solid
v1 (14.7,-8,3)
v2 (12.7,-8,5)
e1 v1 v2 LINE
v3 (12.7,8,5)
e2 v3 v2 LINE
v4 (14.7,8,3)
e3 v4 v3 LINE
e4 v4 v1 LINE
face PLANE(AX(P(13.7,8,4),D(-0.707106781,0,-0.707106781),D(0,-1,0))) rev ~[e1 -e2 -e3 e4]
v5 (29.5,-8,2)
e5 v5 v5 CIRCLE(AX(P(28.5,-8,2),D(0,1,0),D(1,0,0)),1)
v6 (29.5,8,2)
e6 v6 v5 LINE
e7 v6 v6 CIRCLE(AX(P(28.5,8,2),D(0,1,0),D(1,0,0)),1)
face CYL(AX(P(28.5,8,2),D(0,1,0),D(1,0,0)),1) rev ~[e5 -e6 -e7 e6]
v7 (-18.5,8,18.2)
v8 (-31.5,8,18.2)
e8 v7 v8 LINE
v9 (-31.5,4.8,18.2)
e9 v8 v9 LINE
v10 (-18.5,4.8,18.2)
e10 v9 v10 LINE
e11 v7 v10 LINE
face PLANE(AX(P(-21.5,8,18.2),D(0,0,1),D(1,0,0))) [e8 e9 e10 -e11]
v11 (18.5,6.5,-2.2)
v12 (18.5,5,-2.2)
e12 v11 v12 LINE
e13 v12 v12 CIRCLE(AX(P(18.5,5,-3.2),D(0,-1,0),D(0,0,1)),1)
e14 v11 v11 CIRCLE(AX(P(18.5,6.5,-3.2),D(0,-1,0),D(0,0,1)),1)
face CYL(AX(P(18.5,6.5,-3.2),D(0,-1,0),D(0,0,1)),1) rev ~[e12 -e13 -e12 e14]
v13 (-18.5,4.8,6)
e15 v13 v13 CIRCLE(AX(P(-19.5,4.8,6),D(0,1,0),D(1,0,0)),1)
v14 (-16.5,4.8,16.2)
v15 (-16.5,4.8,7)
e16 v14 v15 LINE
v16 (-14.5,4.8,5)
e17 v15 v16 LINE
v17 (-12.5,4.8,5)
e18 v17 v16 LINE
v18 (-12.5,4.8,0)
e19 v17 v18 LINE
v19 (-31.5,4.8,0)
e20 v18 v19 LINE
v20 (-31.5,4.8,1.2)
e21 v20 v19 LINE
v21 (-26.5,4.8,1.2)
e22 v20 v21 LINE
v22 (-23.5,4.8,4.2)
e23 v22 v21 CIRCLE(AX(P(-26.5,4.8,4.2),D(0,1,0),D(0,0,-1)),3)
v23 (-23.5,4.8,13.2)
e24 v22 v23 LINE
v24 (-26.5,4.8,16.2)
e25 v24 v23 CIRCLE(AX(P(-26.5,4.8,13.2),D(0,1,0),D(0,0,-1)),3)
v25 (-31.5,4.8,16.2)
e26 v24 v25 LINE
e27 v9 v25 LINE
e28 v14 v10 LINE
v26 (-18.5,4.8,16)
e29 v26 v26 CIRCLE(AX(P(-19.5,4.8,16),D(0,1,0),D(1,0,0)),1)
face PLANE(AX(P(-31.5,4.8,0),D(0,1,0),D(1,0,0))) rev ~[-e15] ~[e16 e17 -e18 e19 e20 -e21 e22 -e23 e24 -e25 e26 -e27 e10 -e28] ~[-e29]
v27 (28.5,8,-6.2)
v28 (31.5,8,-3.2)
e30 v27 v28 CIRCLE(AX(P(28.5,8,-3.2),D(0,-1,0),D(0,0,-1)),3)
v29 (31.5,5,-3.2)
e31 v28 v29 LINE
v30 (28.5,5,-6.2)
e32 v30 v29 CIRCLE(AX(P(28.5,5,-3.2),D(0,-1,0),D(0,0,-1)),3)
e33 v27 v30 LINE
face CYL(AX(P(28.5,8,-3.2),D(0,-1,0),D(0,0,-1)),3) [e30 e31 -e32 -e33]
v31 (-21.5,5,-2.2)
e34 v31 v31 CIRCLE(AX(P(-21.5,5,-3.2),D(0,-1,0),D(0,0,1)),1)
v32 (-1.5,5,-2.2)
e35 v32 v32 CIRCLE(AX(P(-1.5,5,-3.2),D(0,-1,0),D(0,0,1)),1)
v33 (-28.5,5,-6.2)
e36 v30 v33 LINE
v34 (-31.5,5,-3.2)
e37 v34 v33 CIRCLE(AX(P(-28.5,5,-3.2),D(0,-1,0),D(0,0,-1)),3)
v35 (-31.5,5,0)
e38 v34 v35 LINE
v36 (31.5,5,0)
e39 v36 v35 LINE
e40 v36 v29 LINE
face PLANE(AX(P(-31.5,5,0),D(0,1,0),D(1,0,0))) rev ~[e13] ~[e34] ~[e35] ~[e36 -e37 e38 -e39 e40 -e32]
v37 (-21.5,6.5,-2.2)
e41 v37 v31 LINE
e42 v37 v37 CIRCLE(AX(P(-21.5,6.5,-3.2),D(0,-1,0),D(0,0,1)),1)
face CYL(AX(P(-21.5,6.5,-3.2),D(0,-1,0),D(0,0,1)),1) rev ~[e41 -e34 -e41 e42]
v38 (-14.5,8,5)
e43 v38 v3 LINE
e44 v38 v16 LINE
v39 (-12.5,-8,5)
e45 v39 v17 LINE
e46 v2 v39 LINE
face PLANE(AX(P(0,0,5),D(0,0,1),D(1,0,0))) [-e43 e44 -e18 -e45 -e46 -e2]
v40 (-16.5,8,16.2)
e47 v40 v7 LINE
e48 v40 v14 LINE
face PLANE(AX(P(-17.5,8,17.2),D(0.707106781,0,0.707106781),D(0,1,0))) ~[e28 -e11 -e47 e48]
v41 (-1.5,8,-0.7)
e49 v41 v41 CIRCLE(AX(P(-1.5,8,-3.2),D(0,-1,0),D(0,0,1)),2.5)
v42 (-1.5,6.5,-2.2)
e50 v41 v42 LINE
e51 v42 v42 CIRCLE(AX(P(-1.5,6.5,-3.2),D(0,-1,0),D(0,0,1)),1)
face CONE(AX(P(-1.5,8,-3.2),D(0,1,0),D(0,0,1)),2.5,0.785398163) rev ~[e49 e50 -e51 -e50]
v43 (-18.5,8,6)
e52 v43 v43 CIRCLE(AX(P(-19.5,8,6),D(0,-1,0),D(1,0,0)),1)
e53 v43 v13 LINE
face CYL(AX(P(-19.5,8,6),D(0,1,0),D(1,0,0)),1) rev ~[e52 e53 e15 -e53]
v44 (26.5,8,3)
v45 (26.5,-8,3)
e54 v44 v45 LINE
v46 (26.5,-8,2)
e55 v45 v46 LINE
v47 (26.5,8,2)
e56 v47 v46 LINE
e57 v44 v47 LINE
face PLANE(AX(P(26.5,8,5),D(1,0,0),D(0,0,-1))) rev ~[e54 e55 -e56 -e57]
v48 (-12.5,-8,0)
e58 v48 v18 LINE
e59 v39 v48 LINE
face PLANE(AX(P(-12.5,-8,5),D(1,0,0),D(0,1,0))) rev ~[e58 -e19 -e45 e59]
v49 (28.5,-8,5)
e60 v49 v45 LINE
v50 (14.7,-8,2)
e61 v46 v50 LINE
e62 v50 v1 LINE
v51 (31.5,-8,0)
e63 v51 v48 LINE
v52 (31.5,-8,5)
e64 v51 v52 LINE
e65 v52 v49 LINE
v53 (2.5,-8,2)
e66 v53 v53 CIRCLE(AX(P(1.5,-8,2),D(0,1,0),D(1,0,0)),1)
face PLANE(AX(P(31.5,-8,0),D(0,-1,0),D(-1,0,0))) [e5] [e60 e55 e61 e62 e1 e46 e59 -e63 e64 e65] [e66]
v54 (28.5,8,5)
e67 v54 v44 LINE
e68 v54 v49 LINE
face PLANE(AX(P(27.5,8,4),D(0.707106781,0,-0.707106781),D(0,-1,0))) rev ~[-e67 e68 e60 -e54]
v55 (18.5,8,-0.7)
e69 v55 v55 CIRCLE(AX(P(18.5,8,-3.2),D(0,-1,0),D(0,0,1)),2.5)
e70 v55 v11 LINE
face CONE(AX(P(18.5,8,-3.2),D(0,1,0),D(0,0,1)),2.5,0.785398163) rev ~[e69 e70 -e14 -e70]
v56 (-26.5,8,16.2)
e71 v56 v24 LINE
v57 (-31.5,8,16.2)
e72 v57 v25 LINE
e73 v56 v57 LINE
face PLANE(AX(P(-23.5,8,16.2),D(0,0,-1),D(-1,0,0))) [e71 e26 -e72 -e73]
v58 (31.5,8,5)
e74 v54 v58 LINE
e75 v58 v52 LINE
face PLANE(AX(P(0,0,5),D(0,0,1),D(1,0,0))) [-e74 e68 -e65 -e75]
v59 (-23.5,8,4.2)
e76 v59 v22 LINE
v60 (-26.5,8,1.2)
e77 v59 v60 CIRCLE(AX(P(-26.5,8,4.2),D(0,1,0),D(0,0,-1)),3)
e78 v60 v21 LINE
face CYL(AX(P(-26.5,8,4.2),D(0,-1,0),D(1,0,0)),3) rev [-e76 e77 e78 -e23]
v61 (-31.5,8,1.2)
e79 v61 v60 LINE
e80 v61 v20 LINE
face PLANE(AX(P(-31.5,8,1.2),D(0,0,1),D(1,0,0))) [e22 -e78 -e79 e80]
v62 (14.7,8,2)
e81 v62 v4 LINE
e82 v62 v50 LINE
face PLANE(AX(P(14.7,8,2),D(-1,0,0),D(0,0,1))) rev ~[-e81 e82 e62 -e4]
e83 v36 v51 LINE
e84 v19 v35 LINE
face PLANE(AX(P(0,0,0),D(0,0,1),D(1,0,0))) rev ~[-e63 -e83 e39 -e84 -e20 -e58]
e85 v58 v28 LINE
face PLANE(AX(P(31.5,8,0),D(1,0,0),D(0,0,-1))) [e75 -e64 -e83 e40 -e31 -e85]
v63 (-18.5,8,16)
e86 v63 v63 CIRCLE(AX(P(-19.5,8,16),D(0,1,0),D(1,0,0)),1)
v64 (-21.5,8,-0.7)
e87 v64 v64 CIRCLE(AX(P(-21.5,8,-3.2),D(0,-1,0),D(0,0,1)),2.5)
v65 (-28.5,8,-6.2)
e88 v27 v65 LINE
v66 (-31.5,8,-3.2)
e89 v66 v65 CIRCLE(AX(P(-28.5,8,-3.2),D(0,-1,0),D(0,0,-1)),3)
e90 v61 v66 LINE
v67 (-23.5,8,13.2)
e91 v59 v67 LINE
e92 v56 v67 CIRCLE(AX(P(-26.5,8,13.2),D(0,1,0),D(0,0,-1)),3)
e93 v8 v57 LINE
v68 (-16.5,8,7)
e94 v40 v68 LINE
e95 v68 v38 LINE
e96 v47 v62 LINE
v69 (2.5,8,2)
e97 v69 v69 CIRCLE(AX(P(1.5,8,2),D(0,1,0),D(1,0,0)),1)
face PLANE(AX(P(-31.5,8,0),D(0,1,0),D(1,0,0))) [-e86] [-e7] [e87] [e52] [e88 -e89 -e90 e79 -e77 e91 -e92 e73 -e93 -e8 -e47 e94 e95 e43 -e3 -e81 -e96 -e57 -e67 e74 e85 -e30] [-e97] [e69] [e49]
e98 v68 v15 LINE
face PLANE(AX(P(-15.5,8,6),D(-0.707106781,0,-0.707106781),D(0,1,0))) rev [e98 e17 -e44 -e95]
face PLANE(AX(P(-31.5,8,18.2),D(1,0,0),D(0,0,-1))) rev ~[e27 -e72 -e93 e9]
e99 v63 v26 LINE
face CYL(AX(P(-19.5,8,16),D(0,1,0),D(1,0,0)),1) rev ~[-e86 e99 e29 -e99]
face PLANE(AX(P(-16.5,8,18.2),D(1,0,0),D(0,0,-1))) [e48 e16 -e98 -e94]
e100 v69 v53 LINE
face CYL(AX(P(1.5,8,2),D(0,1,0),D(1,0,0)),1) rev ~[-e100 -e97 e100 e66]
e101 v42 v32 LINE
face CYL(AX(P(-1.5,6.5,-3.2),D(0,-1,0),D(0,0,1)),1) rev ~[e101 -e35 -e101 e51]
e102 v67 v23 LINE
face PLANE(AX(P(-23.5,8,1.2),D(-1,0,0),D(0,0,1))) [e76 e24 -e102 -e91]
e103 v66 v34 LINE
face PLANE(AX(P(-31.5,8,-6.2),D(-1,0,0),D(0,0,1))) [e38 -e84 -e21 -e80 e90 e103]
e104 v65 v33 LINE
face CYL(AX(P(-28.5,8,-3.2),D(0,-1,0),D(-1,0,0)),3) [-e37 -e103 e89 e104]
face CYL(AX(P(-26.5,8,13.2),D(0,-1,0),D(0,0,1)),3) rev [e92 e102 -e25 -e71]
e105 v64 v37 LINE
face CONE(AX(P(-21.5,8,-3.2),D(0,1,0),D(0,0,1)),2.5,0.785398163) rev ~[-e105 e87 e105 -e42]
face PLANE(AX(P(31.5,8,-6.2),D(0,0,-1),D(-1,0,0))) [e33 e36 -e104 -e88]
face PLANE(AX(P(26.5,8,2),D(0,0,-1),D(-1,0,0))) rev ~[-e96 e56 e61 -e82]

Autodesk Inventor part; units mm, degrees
ref_plane "YZ Plane" through (0, 0, 0) normal (1, 0, 0) x (0, 1, 0)
ref_plane "XZ Plane" through (0, 0, 0) normal (0, 1, 0) x (-1, 0, 0)
ref_plane "XY Plane" through (0, 0, 0) normal (0, 0, 1) x (1, 0, 0)
sketch "Sketch1" plane through (0, 0, 0) normal (0, 0, 1) x (1, 0, 0)
  line L0 (-31.5, 8) -> (31.5, 8)
  line L1 (31.5, 8) -> (31.5, -8)
  line L2 (31.5, -8) -> (-31.5, -8)
  line L3 (-31.5, -8) -> (-31.5, 8)
  point P0 (0, 0)
  dimension "d0" = 16
  dimension "d1" = 8
  dimension "d2" = 63
  dimension "d3" = 31.5
extrude "Extrusion1" add sketch "Sketch1" along normal blind 5
sketch "Sketch2" plane through (-31.5, 8, 0) normal (0, 1, 0) x (1, 0, 0)
  line L0 (0, 0) -> (0, -5) projected
  line L1 (63, 0) -> (0, 0) projected
  circle A0 centre (33, -2) radius 1
  circle A1 centre (60, -2) radius 1
  point P0 (31.5, 0)
  dimension "d6" = 33
  dimension "d7" = 60
  dimension "d8" = 2
  dimension "d9" = 2
  dimension "d10" = 2
  dimension "d11" = 2
extrude "Extrusion2" cut sketch "Sketch2" against normal blind 16
sketch "Sketch4" plane through (0, 0, 5) normal (0, 0, 1) x (1, 0, 0)
  line L0 (-31.5, -8) -> (31.5, -8) projected
  line L1 (-31.5, -8) -> (-12.5, -8)
  line L2 (-12.5, -8) -> (-12.5, 4.8)
  line L3 (-12.5, 4.8) -> (-31.5, 4.8)
  line L4 (-31.5, 4.8) -> (-31.5, -8)
  line L5 (31.5, 8) -> (-31.5, 8) projected
  point P0 (0, 0)
  dimension "d24" = 19
  dimension "d25" = 3.2
extrude "Extrusion4" cut sketch "Sketch4" against normal blind 5
sketch "Sketch5" plane through (-31.5, 8, 0) normal (0, 1, 0) x (1, 0, 0)
  line L0 (0, 0) -> (0, -5) projected
  line L1 (0, -1.2) -> (8, -1.2)
  line L2 (8, -1.2) -> (8, -5)
  line L3 (8, -5) -> (0, -5)
  line L4 (0, -5) -> (0, -1.2)
  line L5 (63, 0) -> (0, 0) projected
  line L6 (63, -5) -> (0, -5) projected
  point P0 (31.5, 0)
  dimension "d28" = 1.2
  dimension "d29" = 8
extrude "Extrusion5" cut sketch "Sketch5" against normal blind 5
sketch "Sketch6" plane through (-31.5, 8, 0) normal (0, 1, 0) x (1, 0, 0)
  line L0 (8, -1.2) -> (0, -1.2) projected
  line L1 (0, -1.2) -> (10, -1.2)
  line L2 (10, -1.2) -> (10, -18.2)
  line L3 (10, -18.2) -> (0, -18.2)
  line L4 (0, -18.2) -> (0, -1.2)
  line L5 (8, -5) -> (10, -5)
  line L6 (10, -5) -> (10, -18.2)
  line L7 (10, -18.2) -> (8, -18.2)
  line L8 (8, -18.2) -> (8, -5)
  line L9 (0, -18.2) -> (8, -18.2)
  line L10 (8, -18.2) -> (8, -16.2)
  line L11 (8, -16.2) -> (0, -16.2)
  line L12 (0, -16.2) -> (0, -18.2)
  line L13 (63, -5) -> (8, -5) projected
  line L14 (8, -1.2) -> (8, -5) projected
  point P0 (31.5, 0)
  point P1 (10, -5)
  point P2 (0, -16.2)
  dimension "d32" = 2
  dimension "d33" = 15
  dimension "d34" = 2
extrude "Extrusion6" add sketch "Sketch6" against normal blind 3.2 contours L5 L2 L3 L8 | L11 L8 L3 L4
sketch "Sketch7" plane through (-31.5, 8, 0) normal (0, 1, 0) x (1, 0, 0)
  line L0 (0, 0) -> (0, -1.2) projected
  line L1 (0, -16.2) -> (0, -18.2) projected
  line L2 (63, 0) -> (0, 0) projected
  circle A0 centre (12, -6) radius 1
  circle A1 centre (12, -16) radius 1
  line L3 (10, -18.2) -> (0, -18.2) projected
  line L4 (10, -5) -> (19, -5) projected
  line L5 (10, -18.2) -> (15, -18.2)
  line L6 (15, -18.2) -> (15, -5)
  line L7 (15, -5) -> (10, -5)
  line L8 (10, -5) -> (10, -18.2)
  point P0 (31.5, 0)
  point P1 (12, -5)
  dimension "d37" = 12
  dimension "d38" = 12
  dimension "d39" = 16
  dimension "d40" = 6
  dimension "d41" = 2
  dimension "d42" = 2
  dimension "d43" = 5
extrude "Extrusion7" add sketch "Sketch7" against normal blind 3.2
chamfer "Chamfer1" distance 2 angle 45 2 edges at (-16.5, 6.4, 18.2) (-16.5, 6.4, 5)
fillet "Fillet1" radius 3 2 edges at (-23.5, 6.4, 1.2) (-23.5, 6.4, 16.2)
sketch "Sketch10" plane through (-31.5, 8, 0) normal (0, 1, 0) x (1, 0, 0)
  line L0 (63, -5) -> (17, -5) projected
  line L1 (46.2, -5) -> (58, -5)
  line L2 (58, -5) -> (58, -2)
  line L3 (58, -2) -> (46.2, -2)
  line L4 (46.2, -2) -> (46.2, -5)
  line L5 (0, 0) -> (0, -1.2) projected
  line L6 (63, 0) -> (0, 0) projected
  point P0 (31.5, 0)
  dimension "d73" = 46.2
  dimension "d74" = 58
  dimension "d75" = 2
extrude "Extrusion9" cut sketch "Sketch10" against normal blind 16
chamfer "Chamfer2" distance 2 angle 45 2 edges at (14.7, 0, 5) (26.5, 0, 5)
sketch "Sketch11" plane through (-31.5, 8, 0) normal (0, 1, 0) x (1, 0, 0)
  line L0 (63, 0) -> (0, 0) projected
  line L1 (0, 0) -> (63, 0)
  line L2 (63, 0) -> (63, 6.2)
  line L3 (63, 6.2) -> (0, 6.2)
  line L4 (0, 6.2) -> (0, 0)
  line L5 (63, 0) -> (63, -5) projected
  point P0 (31.5, 0)
  dimension "d81" = 6.2
extrude "Extrusion10" add sketch "Sketch11" against normal blind 3
sketch "Sketch12" plane through (-31.5, 8, 18.2) normal (0, 1, 0) x (1, 0, 0)
  line L0 (63, 24.4) -> (0, 24.4) projected
  line L1 (0, 24.4) -> (0, 17) projected
  point P0 (31.5, 18.2)
  point P1 (10, 21.4)
  point P2 (30, 21.4)
  point P3 (50, 21.4)
  dimension "d84" = 3
  dimension "d85" = 3
  dimension "d86" = 3
  dimension "d87" = 20
  dimension "d88" = 20
  dimension "d89" = 10
hole "Hole2" at (-21.5, 8, -3.2) at (-1.5, 8, -3.2) at (18.5, 8, -3.2) direction (0, -1, 0) diameter 2 depth 5 tip angle 118 countersink diameter 5 countersink angle 90
fillet "Fillet2" radius 3 2 edges at (31.5, 6.5, -6.2) (-31.5, 6.5, -6.2)
properties part number "bridge_structure_A"
